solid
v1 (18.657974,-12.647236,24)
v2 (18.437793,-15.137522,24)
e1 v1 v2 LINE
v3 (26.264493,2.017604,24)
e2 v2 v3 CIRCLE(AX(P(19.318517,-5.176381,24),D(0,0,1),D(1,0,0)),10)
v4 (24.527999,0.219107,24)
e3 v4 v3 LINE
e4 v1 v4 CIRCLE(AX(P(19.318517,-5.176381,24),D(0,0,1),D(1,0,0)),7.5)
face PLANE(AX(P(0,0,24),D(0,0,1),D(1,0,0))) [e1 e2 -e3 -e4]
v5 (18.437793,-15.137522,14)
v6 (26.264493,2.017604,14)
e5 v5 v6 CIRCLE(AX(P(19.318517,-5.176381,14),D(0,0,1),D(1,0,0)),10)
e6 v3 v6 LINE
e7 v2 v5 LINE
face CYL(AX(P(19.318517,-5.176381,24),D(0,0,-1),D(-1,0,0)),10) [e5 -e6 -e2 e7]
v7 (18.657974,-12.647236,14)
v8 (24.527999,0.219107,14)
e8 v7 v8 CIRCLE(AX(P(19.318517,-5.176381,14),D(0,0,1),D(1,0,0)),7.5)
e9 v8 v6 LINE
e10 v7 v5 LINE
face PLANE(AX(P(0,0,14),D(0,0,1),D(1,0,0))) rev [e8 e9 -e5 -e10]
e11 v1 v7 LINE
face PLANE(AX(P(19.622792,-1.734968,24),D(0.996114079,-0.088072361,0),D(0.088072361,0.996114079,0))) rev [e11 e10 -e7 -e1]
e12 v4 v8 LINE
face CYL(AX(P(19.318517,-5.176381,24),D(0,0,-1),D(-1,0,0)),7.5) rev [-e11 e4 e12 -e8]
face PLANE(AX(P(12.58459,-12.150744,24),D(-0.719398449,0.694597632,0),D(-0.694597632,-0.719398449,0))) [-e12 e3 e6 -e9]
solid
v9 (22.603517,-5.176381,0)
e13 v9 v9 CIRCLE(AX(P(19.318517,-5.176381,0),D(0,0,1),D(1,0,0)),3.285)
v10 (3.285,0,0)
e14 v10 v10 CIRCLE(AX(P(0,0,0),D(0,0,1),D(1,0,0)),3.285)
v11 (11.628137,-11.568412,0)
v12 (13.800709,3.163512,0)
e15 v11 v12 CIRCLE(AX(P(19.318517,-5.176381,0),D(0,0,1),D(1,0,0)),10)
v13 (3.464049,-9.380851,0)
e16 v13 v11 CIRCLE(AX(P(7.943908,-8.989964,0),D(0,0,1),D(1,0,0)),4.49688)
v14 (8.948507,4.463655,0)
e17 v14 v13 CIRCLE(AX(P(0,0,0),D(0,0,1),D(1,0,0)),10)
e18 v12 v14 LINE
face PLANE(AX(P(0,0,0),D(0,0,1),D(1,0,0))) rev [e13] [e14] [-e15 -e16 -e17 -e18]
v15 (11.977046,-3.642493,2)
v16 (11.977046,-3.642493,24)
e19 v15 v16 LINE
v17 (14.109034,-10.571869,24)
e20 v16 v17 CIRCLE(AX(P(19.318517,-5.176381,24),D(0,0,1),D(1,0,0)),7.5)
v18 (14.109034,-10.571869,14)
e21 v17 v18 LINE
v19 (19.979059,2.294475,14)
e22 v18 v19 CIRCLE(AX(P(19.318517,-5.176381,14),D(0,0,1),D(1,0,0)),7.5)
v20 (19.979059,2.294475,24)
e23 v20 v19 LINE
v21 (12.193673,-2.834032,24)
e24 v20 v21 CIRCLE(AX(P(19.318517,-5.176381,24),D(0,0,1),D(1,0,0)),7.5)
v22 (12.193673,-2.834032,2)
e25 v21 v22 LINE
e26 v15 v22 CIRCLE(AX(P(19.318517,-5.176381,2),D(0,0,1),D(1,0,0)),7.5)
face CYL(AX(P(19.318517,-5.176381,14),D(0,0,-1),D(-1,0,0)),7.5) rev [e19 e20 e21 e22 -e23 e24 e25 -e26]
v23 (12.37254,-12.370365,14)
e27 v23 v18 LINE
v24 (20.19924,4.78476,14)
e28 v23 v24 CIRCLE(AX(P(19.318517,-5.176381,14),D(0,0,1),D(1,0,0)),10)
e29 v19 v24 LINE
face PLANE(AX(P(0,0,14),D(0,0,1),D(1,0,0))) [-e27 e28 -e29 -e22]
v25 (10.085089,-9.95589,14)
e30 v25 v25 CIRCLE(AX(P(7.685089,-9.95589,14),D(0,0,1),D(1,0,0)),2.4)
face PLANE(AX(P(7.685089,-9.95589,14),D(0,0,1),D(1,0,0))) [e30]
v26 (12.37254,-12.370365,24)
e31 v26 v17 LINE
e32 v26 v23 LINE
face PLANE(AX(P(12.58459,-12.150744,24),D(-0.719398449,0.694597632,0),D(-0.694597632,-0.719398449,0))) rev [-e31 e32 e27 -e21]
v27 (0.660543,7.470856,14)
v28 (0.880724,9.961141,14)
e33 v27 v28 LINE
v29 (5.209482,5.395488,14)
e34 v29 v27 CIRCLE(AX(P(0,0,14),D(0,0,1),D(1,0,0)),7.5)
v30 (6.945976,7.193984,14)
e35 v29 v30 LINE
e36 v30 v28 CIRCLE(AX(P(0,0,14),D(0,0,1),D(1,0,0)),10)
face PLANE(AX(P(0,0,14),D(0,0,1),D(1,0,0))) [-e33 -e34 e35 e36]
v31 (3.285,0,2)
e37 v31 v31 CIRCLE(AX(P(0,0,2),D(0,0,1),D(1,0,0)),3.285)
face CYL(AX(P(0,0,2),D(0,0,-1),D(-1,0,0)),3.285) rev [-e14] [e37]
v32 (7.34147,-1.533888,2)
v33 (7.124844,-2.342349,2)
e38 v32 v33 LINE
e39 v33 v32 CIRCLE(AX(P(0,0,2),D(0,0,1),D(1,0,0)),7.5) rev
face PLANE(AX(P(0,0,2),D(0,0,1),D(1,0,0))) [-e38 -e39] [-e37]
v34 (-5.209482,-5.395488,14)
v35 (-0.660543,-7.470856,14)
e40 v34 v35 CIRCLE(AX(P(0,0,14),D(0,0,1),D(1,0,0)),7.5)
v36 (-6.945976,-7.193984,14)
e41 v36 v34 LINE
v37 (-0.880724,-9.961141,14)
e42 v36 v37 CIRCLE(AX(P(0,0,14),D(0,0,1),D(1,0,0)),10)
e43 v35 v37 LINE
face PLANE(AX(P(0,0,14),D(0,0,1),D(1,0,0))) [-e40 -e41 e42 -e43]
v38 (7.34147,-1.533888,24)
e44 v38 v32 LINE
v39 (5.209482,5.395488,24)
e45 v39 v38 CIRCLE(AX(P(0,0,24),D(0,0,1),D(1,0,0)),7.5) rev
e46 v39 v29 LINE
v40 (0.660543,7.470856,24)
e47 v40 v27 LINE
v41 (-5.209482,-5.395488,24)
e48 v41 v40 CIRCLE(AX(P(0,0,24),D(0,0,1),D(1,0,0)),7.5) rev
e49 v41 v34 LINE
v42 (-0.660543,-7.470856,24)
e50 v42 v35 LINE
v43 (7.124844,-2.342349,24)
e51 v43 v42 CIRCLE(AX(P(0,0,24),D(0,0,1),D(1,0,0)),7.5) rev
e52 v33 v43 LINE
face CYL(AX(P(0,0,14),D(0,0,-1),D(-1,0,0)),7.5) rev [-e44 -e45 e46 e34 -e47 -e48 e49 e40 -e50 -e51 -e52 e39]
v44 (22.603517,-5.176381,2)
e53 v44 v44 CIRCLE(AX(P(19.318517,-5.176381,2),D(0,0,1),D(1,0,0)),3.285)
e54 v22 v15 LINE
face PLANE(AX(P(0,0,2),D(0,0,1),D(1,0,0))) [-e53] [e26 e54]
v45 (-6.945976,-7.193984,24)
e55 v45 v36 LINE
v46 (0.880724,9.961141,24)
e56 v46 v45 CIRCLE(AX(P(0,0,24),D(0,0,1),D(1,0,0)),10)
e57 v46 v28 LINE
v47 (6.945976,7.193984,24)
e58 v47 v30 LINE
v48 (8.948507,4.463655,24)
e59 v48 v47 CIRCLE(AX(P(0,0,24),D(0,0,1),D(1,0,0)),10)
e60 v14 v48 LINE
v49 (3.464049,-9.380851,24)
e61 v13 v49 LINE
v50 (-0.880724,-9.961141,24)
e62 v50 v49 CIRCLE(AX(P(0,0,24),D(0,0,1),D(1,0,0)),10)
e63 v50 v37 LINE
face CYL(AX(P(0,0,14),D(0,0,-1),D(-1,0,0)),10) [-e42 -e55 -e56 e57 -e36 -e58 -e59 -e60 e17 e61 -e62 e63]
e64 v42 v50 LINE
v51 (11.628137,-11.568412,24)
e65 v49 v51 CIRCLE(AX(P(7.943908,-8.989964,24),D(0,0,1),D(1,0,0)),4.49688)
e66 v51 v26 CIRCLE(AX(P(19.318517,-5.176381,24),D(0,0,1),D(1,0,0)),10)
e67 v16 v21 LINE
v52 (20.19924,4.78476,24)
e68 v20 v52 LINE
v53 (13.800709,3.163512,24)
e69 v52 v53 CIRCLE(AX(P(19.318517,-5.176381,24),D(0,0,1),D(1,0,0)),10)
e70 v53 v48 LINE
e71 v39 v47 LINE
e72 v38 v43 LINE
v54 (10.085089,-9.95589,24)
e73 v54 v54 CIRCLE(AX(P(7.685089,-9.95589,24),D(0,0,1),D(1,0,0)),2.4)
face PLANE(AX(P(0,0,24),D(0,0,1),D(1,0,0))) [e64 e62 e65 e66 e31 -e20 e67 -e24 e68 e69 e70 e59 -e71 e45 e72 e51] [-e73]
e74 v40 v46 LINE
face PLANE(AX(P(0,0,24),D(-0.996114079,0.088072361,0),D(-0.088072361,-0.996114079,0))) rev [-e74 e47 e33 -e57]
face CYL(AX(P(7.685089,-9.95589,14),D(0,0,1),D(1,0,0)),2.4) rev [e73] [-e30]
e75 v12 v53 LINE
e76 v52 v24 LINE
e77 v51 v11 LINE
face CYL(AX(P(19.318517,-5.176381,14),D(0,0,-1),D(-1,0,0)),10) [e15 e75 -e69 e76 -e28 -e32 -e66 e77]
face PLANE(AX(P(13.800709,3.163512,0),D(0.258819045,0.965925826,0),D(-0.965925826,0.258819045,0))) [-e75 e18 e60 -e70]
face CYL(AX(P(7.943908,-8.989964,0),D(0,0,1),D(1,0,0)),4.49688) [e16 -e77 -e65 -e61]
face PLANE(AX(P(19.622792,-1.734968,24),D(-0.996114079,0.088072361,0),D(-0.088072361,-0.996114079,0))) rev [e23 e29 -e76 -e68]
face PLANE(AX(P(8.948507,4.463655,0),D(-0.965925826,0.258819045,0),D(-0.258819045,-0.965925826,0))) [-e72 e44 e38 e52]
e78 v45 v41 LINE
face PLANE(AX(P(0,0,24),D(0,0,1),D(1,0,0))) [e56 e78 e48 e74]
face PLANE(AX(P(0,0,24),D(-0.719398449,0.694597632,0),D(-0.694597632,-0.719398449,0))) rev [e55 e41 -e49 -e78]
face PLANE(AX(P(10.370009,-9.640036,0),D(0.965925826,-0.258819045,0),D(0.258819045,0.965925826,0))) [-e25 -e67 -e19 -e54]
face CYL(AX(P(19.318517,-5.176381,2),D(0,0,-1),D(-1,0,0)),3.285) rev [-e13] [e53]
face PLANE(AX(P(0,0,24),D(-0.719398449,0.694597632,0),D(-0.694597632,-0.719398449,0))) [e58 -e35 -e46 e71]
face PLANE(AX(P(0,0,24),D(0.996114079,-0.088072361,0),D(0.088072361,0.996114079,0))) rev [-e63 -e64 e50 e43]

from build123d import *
from build123d.topology import SkipClean

# Parameters (mm, degrees)
SKETCH1_R             = 7.5
SKETCH1_R_2           = 3.285
BOSS_EXTRUDE1_DEPTH   = 2
BOSS_EXTRUDE1_2_DEPTH = 2
SKETCH1_3_R           = 10
SKETCH1_3_R_2         = 7.5
BOSS_EXTRUDE2_DEPTH   = 14
BOSS_EXTRUDE3_DEPTH   = 10
BOSS_EXTRUDE4_DEPTH   = 24
SKETCH5_R             = 4.496880173
BOSS_EXTRUDE5_DEPTH   = 24
SKETCH6_R             = 2.4
CUT_EXTRUDE1_DEPTH    = 10


with BuildPart() as part:
    # Sketch1 → Boss-Extrude1 (new body)
    with BuildSketch(Plane.XY):
        Circle(SKETCH1_R)
        Circle(SKETCH1_R_2, mode=Mode.SUBTRACT)
    extrude(amount=BOSS_EXTRUDE1_DEPTH)

    # Sketch1<3> → Boss-Extrude2 (add)
    # profile 1 of 2: a face of its own
    with BuildSketch(Plane.XY):
        Circle(SKETCH1_3_R)
        Circle(SKETCH1_3_R_2, mode=Mode.SUBTRACT)
    # profile 2 of 2: a face of its own
    with BuildSketch(Plane.XY):
        with Locations((19.318516526, -5.176380902)):
            Circle(SKETCH1_3_R)
        with Locations((19.318516526, -5.176380902)):
            Circle(SKETCH1_3_R_2, mode=Mode.SUBTRACT)
    extrude(amount=BOSS_EXTRUDE2_DEPTH)


with BuildPart() as body_2:
    # Sketch1 → Boss-Extrude1 2 (new body)
    with BuildSketch(Plane.XY):
        with Locations((19.318516526, -5.176380902)):
            Circle(SKETCH1_R)
        with Locations((19.318516526, -5.176380902)):
            Circle(SKETCH1_R_2, mode=Mode.SUBTRACT)
    extrude(amount=BOSS_EXTRUDE1_2_DEPTH)



with BuildPart() as boss_extrude2_piece_1:
    # of the separate pieces the step leaves, piece 1, a body of its own (boss_extrude2_pieces)
    add(part.part.solids().sort_by_distance((3.285, 0, 0))[0])

    # Sketch2 → Boss-Extrude3 (add)
    with SkipClean():  # the faces are left unmerged after this step: merging them gives an invalid solid
        with BuildSketch(Plane.XY.offset(14)):
            with BuildLine():
                ThreePointArc((0.880723614, 9.961140794), (-9.097879067, 4.150734451), (-6.945976325, -7.193984493))
                Line((-6.945976325, -7.193984493), (-5.209482244, -5.39548837))
                ThreePointArc((-5.209482244, -5.39548837), (-6.8234093, 3.113050838), (0.66054271, 7.470855595))
                Line((0.66054271, 7.470855595), (0.880723614, 9.961140794))
            make_face()
            with BuildLine():
                Line((-0.66054271, -7.470855595), (-0.880723614, -9.961140794))
                ThreePointArc((-0.880723614, -9.961140794), (5.731995045, -8.194158456), (9.659258283, -2.588190376))
                ThreePointArc((9.659258283, -2.588190376), (9.914448619, -1.305261884), (10, 0))
                ThreePointArc((10, 0), (9.204883575, 3.907699883), (6.945976325, 7.193984493))
                Line((6.945976325, 7.193984493), (5.209482244, 5.39548837))
                ThreePointArc((5.209482244, 5.39548837), (6.903662681, 2.930774912), (7.5, 0))
                ThreePointArc((7.5, 0), (5.06438198, -5.531910625), (-0.66054271, -7.470855595))
            make_face()
            with BuildLine():
                ThreePointArc((20.199240139, 4.784759892), (13.586521544, 3.017777598), (9.659258283, -2.588190376))
                ThreePointArc((9.659258283, -2.588190376), (9.68232481, -7.849171431), (12.372540201, -12.370365396))
                Line((12.372540201, -12.370365396), (14.109034282, -10.571869272))
                ThreePointArc((14.109034282, -10.571869272), (12.495107225, -2.063330064), (19.979059236, 2.294474693))
                Line((19.979059236, 2.294474693), (20.199240139, 4.784759892))
            make_face()
            with BuildLine():
                ThreePointArc((29.318516526, -5.176380902), (28.523400101, -1.268681019), (26.264492851, 2.017603591))
                Line((26.264492851, 2.017603591), (24.52799877, 0.219107468))
                ThreePointArc((24.52799877, 0.219107468), (26.222179207, -2.24560599), (26.818516526, -5.176380902))
                ThreePointArc((26.818516526, -5.176380902), (24.382898506, -10.708291527), (18.657973816, -12.647236497))
                Line((18.657973816, -12.647236497), (18.437792912, -15.137521696))
                ThreePointArc((18.437792912, -15.137521696), (26.071025832, -12.552261735), (29.318516526, -5.176380902))
            make_face()
        extrude(amount=BOSS_EXTRUDE3_DEPTH)


with BuildPart() as boss_extrude2_piece_2:
    # of the separate pieces the step leaves, piece 2, a body of its own (boss_extrude2_pieces)
    add(part.part.solids().sort_by_distance((29.318516526, -5.176380902, 0))[0])


with BuildPart() as boss_extrude3_piece_1:
    # of the separate pieces the step leaves, piece 1, a body of its own (boss_extrude3_pieces)
    add(boss_extrude2_piece_1.part.solids().sort_by_distance((3.285, 0, 0))[0])


with BuildPart() as boss_extrude3_piece_2:
    # of the separate pieces the step leaves, piece 2, a body of its own (boss_extrude3_pieces)
    add(boss_extrude2_piece_1.part.solids().sort_by_distance((18.437792912, -15.137521696, 14))[0])


with BuildPart() as boss_extrude3_piece_3:
    # of the separate pieces the step leaves, piece 3, a body of its own (boss_extrude3_pieces)
    add(boss_extrude2_piece_1.part.solids().sort_by_distance((20.199240139, 4.784759892, 14))[0])


with BuildPart() as body_2_1:
    with SkipClean():  # the faces are left unmerged after this step: merging them gives an invalid solid
        add(body_2.part)

        add(boss_extrude2_piece_2.part)  # Boss-Extrude4 merges Boss-Extrude2 piece 2

        add(boss_extrude3_piece_1.part)  # Boss-Extrude4 merges Boss-Extrude3 piece 1

        add(boss_extrude3_piece_3.part)  # Boss-Extrude4 merges Boss-Extrude3 piece 3
        # Sketch4 → Boss-Extrude4 (add)
        with BuildSketch(Plane.XY.offset(24)):
            Polygon((13.800709497, 3.163511519), (8.948507271, 4.463655187), (5.517807029, -8.339892421), (10.370009255, -9.640036089), align=None)
        extrude(amount=-BOSS_EXTRUDE4_DEPTH)

    # Sketch5 → Boss-Extrude5 (add)
    with SkipClean():  # the faces are left unmerged after this step: merging them gives an invalid solid
        with BuildSketch(Plane.XY.offset(24)):
            with Locations((7.943908142, -8.989964255)):
                Circle(SKETCH5_R)
        extrude(amount=-BOSS_EXTRUDE5_DEPTH)

    # Sketch6 → Cut-Extrude1 (cut)
    with SkipClean():  # the faces are left unmerged after this step: merging them gives an invalid solid
        with BuildSketch(Plane.XY.offset(24)):
            with Locations((7.685089097, -9.955890081)):
                Circle(SKETCH6_R)
        extrude(amount=-CUT_EXTRUDE1_DEPTH, mode=Mode.SUBTRACT)


solid = Compound([boss_extrude3_piece_2.part, body_2_1.part])
